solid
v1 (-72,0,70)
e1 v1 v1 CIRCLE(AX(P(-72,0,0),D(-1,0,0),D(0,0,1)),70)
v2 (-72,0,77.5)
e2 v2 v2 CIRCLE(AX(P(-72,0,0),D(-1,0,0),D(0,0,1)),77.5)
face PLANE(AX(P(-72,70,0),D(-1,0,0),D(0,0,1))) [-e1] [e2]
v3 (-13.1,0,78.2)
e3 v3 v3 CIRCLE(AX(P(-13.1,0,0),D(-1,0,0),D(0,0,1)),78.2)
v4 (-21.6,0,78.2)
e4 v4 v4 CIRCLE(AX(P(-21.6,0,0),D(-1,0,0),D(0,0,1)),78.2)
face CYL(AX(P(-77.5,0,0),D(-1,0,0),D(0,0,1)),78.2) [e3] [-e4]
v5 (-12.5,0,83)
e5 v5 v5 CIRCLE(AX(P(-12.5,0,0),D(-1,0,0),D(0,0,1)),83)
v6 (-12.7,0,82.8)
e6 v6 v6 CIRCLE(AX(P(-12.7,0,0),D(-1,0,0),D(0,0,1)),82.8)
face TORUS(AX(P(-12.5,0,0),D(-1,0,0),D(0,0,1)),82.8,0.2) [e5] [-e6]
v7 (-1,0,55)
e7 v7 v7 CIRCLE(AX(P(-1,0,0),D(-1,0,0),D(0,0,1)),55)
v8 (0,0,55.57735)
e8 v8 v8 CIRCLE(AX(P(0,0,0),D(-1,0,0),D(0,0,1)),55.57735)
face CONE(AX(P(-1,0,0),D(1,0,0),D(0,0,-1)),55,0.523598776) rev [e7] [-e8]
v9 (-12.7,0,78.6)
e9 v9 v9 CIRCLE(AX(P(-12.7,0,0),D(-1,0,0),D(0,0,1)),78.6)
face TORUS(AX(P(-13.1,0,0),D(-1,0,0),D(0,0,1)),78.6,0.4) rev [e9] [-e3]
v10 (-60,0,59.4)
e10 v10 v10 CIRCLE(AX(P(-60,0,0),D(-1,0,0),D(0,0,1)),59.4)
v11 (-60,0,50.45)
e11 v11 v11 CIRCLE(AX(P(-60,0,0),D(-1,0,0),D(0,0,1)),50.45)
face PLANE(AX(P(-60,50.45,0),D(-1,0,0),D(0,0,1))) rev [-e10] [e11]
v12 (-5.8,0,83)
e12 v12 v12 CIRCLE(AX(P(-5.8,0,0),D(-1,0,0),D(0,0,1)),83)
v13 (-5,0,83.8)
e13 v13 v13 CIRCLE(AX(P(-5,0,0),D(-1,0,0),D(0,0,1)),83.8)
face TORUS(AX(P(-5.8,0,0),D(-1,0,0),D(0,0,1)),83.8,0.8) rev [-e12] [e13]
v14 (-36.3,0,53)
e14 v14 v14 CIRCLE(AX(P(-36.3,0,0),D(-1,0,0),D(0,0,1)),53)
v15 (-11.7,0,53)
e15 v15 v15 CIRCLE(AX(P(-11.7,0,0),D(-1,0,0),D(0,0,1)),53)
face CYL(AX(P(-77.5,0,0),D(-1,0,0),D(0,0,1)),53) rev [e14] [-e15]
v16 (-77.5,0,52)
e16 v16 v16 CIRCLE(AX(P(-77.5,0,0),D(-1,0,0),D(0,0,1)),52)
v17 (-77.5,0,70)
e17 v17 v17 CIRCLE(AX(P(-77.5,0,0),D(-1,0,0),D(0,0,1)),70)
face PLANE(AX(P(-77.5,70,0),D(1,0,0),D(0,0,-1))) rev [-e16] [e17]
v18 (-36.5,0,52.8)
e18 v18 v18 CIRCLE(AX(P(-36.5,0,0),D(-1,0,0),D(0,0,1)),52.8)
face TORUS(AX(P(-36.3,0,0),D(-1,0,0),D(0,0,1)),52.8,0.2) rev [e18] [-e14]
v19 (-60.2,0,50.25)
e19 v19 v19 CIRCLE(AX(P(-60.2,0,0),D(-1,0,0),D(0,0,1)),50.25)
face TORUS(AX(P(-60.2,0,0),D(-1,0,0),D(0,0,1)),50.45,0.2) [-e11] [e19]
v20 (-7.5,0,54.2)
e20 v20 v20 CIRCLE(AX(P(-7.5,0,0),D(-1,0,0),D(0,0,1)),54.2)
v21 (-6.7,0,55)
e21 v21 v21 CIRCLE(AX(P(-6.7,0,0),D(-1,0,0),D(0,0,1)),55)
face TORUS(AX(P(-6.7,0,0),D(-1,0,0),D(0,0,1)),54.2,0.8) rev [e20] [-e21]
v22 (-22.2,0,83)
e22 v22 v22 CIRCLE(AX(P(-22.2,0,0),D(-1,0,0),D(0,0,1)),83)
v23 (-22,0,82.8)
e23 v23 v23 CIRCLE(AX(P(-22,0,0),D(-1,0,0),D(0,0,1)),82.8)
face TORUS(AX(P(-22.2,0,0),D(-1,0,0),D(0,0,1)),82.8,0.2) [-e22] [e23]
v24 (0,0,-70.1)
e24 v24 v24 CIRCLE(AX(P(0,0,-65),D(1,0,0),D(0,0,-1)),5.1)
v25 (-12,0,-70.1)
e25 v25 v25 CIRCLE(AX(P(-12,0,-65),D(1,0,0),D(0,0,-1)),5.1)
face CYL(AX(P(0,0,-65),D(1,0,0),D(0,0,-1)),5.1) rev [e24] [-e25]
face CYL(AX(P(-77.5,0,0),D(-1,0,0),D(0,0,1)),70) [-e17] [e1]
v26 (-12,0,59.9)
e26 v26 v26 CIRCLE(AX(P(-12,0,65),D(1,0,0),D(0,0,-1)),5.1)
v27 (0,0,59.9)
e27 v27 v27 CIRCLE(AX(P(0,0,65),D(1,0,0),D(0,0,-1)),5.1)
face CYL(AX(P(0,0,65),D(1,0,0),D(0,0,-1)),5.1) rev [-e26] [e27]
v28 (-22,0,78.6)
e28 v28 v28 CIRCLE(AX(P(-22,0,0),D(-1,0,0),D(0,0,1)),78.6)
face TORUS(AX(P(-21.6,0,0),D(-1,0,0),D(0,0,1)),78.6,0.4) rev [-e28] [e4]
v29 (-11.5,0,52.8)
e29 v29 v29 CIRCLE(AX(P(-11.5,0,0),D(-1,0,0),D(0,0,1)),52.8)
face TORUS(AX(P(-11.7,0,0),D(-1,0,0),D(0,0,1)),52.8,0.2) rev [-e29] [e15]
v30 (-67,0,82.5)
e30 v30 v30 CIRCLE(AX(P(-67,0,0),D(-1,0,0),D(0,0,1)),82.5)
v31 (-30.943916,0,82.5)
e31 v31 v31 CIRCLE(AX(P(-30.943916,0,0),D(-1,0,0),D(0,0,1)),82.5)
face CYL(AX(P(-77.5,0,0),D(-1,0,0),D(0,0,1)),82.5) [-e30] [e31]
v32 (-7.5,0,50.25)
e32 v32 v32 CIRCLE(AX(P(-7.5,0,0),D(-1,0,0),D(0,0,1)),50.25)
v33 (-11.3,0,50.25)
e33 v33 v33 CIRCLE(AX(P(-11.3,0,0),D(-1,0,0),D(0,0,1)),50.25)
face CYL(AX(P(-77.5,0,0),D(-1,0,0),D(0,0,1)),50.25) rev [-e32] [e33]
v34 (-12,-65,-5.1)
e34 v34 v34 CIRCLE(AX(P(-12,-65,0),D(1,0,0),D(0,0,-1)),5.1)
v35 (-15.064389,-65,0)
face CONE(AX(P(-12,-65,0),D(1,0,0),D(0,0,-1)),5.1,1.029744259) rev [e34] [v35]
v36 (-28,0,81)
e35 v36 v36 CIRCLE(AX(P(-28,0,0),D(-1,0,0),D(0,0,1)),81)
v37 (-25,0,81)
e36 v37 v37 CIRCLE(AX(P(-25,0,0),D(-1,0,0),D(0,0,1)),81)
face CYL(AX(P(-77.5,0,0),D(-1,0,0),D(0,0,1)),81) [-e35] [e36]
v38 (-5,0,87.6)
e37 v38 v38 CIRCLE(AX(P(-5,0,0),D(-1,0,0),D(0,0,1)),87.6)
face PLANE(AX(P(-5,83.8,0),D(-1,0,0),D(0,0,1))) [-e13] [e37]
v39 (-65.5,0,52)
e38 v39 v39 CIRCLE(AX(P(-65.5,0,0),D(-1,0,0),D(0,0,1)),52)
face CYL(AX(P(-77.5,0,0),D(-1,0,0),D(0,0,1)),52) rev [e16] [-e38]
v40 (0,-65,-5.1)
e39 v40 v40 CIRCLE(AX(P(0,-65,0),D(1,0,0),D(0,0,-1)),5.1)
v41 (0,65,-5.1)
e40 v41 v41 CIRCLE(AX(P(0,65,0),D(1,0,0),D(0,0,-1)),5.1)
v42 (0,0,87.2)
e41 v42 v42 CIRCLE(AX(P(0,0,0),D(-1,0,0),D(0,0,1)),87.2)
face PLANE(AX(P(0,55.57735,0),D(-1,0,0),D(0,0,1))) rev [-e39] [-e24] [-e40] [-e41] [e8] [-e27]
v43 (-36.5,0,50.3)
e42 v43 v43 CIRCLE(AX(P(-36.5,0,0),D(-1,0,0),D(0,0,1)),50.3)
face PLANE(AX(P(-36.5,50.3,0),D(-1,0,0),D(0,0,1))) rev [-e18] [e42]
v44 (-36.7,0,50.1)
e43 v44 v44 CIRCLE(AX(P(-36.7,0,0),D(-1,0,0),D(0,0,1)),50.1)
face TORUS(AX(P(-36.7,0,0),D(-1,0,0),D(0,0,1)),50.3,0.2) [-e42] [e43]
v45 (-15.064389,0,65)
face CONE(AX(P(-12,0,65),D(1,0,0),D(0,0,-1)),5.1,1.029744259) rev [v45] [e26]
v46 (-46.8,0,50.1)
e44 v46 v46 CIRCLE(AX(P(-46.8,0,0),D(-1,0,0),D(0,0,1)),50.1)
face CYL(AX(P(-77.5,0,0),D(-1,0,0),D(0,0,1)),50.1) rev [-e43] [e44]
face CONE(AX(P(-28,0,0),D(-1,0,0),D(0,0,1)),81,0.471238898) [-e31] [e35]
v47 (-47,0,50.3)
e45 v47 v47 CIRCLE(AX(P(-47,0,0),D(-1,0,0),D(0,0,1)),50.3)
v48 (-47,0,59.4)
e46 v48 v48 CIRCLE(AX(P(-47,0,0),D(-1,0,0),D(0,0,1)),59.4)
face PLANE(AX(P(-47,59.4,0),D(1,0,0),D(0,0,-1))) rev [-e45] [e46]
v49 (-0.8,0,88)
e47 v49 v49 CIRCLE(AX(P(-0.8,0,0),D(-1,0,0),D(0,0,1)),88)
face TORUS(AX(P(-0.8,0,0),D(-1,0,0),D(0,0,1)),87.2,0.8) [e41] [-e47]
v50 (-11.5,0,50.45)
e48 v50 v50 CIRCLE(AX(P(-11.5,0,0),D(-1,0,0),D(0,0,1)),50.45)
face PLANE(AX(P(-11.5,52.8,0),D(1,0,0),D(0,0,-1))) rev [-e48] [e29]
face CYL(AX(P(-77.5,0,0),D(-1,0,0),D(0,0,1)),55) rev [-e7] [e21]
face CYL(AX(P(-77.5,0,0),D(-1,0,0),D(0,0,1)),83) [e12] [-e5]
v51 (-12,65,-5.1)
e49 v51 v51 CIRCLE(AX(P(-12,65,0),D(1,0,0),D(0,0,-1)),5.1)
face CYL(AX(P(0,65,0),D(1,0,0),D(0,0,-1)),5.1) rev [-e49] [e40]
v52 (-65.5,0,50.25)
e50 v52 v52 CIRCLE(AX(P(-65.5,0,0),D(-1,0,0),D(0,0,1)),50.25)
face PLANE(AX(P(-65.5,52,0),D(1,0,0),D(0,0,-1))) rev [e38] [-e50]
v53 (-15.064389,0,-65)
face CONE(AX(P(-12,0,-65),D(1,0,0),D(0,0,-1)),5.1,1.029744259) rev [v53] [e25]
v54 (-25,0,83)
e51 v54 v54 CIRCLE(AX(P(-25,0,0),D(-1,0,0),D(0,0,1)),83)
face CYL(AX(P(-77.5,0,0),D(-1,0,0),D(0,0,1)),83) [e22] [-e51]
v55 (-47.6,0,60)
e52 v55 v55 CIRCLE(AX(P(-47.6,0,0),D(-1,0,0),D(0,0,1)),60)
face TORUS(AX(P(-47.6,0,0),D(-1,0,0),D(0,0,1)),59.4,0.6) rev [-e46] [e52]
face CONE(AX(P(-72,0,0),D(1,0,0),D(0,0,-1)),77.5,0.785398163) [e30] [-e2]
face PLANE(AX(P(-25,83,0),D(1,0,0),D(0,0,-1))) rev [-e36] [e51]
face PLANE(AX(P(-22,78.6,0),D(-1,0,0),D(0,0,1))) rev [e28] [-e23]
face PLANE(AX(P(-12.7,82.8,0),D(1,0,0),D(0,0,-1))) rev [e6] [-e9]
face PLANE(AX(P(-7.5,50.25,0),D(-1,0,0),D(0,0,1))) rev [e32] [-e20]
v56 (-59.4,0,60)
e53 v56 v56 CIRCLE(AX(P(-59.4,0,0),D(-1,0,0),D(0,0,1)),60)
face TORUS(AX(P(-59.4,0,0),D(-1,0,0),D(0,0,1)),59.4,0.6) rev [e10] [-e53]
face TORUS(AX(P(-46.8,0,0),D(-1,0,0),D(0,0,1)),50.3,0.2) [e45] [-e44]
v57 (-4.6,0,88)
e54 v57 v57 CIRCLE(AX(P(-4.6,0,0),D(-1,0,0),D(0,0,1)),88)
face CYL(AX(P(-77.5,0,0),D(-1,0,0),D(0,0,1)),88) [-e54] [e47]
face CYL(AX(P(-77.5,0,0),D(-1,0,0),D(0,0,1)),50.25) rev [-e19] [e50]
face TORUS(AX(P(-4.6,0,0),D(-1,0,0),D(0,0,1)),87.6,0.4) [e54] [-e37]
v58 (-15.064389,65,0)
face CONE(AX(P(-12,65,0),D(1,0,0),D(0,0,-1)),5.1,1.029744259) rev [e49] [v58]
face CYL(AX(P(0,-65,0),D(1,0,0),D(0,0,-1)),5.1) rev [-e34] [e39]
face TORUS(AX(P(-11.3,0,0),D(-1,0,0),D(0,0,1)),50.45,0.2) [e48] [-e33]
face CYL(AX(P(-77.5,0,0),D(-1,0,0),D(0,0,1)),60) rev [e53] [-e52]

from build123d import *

# Parameters (mm, degrees)
F_4_STK_10_2_X_12_HULLER_D     = 10.2
F_4_STK_10_2_X_12_HULLER_DEPTH = 12
F_4_STK_10_2_X_12_HULLER_TIP   = 3.064389157


with BuildPart() as part:
    # Sketch1 → Base-Revolve (revolve)
    with BuildSketch(Plane.XY):
        with BuildLine():
            Line((0, 55.577350269), (0, 87.2))
            ThreePointArc((0, 87.2), (-0.234314575, 87.765685425), (-0.8, 88))
            Line((-0.8, 88), (-4.6, 88))
            ThreePointArc((-4.6, 88), (-4.882842712, 87.882842712), (-5, 87.6))
            Line((-5, 87.6), (-5, 83.8))
            ThreePointArc((-5, 83.8), (-5.234314575, 83.234314575), (-5.8, 83))
            Line((-5.8, 83), (-12.5, 83))
            ThreePointArc((-12.5, 83), (-12.641421356, 82.941421356), (-12.7, 82.8))
            Line((-12.7, 82.8), (-12.7, 78.6))
            ThreePointArc((-12.7, 78.6), (-12.817157288, 78.317157288), (-13.1, 78.2))
            Line((-13.1, 78.2), (-21.6, 78.2))
            ThreePointArc((-21.6, 78.2), (-21.882842712, 78.317157288), (-22, 78.6))
            Line((-22, 78.6), (-22, 82.8))
            ThreePointArc((-22, 82.8), (-22.058578644, 82.941421356), (-22.2, 83))
            Line((-22.2, 83), (-25, 83))
            Line((-25, 83), (-25, 81))
            Line((-25, 81), (-28, 81))
            Line((-28, 81), (-30.943915758, 82.5))
            Line((-30.943915758, 82.5), (-67, 82.5))
            Line((-67, 82.5), (-72, 77.5))
            Line((-72, 77.5), (-72, 70))
            Line((-72, 70), (-77.5, 70))
            Line((-77.5, 70), (-77.5, 52))
            Line((-77.5, 52), (-65.5, 52))
            Line((-65.5, 52), (-65.5, 50.25))
            Line((-65.5, 50.25), (-60.2, 50.25))
            ThreePointArc((-60.2, 50.25), (-60.058578644, 50.308578644), (-60, 50.45))
            Line((-60, 50.45), (-60, 59.4))
            ThreePointArc((-60, 59.4), (-59.824264069, 59.824264069), (-59.4, 60))
            Line((-59.4, 60), (-47.6, 60))
            ThreePointArc((-47.6, 60), (-47.175735931, 59.824264069), (-47, 59.4))
            Line((-47, 59.4), (-47, 50.3))
            ThreePointArc((-47, 50.3), (-46.941421356, 50.158578644), (-46.8, 50.1))
            Line((-46.8, 50.1), (-36.7, 50.1))
            ThreePointArc((-36.7, 50.1), (-36.558578644, 50.158578644), (-36.5, 50.3))
            Line((-36.5, 50.3), (-36.5, 52.8))
            ThreePointArc((-36.5, 52.8), (-36.441421356, 52.941421356), (-36.3, 53))
            Line((-36.3, 53), (-11.7, 53))
            ThreePointArc((-11.7, 53), (-11.558578644, 52.941421356), (-11.5, 52.8))
            Line((-11.5, 52.8), (-11.5, 50.45))
            ThreePointArc((-11.5, 50.45), (-11.441421356, 50.308578644), (-11.3, 50.25))
            Line((-11.3, 50.25), (-7.5, 50.25))
            Line((-7.5, 50.25), (-7.5, 54.2))
            ThreePointArc((-7.5, 54.2), (-7.265685425, 54.765685425), (-6.7, 55))
            Line((-6.7, 55), (-1, 55))
            Line((-1, 55), (0, 55.577350269))
        make_face()
    revolve(axis=Axis((-77.5, 0, 0), (1, 0, 0)))

    # 4 stk ø10.2 x 12 huller
    with Locations(Plane(origin=(0, 0, 0), x_dir=(0, 0, -1), z_dir=(1, 0, 0))):
        with Locations((0, 65), (65, 0), (0, -65), (-65, 0)):
            Hole(F_4_STK_10_2_X_12_HULLER_D / 2, depth=F_4_STK_10_2_X_12_HULLER_DEPTH)
            with Locations((0, 0, -(F_4_STK_10_2_X_12_HULLER_DEPTH + F_4_STK_10_2_X_12_HULLER_TIP / 2))):  # 118° drill point
                Cone(0, F_4_STK_10_2_X_12_HULLER_D / 2, F_4_STK_10_2_X_12_HULLER_TIP, mode=Mode.SUBTRACT)


solid = part.part
